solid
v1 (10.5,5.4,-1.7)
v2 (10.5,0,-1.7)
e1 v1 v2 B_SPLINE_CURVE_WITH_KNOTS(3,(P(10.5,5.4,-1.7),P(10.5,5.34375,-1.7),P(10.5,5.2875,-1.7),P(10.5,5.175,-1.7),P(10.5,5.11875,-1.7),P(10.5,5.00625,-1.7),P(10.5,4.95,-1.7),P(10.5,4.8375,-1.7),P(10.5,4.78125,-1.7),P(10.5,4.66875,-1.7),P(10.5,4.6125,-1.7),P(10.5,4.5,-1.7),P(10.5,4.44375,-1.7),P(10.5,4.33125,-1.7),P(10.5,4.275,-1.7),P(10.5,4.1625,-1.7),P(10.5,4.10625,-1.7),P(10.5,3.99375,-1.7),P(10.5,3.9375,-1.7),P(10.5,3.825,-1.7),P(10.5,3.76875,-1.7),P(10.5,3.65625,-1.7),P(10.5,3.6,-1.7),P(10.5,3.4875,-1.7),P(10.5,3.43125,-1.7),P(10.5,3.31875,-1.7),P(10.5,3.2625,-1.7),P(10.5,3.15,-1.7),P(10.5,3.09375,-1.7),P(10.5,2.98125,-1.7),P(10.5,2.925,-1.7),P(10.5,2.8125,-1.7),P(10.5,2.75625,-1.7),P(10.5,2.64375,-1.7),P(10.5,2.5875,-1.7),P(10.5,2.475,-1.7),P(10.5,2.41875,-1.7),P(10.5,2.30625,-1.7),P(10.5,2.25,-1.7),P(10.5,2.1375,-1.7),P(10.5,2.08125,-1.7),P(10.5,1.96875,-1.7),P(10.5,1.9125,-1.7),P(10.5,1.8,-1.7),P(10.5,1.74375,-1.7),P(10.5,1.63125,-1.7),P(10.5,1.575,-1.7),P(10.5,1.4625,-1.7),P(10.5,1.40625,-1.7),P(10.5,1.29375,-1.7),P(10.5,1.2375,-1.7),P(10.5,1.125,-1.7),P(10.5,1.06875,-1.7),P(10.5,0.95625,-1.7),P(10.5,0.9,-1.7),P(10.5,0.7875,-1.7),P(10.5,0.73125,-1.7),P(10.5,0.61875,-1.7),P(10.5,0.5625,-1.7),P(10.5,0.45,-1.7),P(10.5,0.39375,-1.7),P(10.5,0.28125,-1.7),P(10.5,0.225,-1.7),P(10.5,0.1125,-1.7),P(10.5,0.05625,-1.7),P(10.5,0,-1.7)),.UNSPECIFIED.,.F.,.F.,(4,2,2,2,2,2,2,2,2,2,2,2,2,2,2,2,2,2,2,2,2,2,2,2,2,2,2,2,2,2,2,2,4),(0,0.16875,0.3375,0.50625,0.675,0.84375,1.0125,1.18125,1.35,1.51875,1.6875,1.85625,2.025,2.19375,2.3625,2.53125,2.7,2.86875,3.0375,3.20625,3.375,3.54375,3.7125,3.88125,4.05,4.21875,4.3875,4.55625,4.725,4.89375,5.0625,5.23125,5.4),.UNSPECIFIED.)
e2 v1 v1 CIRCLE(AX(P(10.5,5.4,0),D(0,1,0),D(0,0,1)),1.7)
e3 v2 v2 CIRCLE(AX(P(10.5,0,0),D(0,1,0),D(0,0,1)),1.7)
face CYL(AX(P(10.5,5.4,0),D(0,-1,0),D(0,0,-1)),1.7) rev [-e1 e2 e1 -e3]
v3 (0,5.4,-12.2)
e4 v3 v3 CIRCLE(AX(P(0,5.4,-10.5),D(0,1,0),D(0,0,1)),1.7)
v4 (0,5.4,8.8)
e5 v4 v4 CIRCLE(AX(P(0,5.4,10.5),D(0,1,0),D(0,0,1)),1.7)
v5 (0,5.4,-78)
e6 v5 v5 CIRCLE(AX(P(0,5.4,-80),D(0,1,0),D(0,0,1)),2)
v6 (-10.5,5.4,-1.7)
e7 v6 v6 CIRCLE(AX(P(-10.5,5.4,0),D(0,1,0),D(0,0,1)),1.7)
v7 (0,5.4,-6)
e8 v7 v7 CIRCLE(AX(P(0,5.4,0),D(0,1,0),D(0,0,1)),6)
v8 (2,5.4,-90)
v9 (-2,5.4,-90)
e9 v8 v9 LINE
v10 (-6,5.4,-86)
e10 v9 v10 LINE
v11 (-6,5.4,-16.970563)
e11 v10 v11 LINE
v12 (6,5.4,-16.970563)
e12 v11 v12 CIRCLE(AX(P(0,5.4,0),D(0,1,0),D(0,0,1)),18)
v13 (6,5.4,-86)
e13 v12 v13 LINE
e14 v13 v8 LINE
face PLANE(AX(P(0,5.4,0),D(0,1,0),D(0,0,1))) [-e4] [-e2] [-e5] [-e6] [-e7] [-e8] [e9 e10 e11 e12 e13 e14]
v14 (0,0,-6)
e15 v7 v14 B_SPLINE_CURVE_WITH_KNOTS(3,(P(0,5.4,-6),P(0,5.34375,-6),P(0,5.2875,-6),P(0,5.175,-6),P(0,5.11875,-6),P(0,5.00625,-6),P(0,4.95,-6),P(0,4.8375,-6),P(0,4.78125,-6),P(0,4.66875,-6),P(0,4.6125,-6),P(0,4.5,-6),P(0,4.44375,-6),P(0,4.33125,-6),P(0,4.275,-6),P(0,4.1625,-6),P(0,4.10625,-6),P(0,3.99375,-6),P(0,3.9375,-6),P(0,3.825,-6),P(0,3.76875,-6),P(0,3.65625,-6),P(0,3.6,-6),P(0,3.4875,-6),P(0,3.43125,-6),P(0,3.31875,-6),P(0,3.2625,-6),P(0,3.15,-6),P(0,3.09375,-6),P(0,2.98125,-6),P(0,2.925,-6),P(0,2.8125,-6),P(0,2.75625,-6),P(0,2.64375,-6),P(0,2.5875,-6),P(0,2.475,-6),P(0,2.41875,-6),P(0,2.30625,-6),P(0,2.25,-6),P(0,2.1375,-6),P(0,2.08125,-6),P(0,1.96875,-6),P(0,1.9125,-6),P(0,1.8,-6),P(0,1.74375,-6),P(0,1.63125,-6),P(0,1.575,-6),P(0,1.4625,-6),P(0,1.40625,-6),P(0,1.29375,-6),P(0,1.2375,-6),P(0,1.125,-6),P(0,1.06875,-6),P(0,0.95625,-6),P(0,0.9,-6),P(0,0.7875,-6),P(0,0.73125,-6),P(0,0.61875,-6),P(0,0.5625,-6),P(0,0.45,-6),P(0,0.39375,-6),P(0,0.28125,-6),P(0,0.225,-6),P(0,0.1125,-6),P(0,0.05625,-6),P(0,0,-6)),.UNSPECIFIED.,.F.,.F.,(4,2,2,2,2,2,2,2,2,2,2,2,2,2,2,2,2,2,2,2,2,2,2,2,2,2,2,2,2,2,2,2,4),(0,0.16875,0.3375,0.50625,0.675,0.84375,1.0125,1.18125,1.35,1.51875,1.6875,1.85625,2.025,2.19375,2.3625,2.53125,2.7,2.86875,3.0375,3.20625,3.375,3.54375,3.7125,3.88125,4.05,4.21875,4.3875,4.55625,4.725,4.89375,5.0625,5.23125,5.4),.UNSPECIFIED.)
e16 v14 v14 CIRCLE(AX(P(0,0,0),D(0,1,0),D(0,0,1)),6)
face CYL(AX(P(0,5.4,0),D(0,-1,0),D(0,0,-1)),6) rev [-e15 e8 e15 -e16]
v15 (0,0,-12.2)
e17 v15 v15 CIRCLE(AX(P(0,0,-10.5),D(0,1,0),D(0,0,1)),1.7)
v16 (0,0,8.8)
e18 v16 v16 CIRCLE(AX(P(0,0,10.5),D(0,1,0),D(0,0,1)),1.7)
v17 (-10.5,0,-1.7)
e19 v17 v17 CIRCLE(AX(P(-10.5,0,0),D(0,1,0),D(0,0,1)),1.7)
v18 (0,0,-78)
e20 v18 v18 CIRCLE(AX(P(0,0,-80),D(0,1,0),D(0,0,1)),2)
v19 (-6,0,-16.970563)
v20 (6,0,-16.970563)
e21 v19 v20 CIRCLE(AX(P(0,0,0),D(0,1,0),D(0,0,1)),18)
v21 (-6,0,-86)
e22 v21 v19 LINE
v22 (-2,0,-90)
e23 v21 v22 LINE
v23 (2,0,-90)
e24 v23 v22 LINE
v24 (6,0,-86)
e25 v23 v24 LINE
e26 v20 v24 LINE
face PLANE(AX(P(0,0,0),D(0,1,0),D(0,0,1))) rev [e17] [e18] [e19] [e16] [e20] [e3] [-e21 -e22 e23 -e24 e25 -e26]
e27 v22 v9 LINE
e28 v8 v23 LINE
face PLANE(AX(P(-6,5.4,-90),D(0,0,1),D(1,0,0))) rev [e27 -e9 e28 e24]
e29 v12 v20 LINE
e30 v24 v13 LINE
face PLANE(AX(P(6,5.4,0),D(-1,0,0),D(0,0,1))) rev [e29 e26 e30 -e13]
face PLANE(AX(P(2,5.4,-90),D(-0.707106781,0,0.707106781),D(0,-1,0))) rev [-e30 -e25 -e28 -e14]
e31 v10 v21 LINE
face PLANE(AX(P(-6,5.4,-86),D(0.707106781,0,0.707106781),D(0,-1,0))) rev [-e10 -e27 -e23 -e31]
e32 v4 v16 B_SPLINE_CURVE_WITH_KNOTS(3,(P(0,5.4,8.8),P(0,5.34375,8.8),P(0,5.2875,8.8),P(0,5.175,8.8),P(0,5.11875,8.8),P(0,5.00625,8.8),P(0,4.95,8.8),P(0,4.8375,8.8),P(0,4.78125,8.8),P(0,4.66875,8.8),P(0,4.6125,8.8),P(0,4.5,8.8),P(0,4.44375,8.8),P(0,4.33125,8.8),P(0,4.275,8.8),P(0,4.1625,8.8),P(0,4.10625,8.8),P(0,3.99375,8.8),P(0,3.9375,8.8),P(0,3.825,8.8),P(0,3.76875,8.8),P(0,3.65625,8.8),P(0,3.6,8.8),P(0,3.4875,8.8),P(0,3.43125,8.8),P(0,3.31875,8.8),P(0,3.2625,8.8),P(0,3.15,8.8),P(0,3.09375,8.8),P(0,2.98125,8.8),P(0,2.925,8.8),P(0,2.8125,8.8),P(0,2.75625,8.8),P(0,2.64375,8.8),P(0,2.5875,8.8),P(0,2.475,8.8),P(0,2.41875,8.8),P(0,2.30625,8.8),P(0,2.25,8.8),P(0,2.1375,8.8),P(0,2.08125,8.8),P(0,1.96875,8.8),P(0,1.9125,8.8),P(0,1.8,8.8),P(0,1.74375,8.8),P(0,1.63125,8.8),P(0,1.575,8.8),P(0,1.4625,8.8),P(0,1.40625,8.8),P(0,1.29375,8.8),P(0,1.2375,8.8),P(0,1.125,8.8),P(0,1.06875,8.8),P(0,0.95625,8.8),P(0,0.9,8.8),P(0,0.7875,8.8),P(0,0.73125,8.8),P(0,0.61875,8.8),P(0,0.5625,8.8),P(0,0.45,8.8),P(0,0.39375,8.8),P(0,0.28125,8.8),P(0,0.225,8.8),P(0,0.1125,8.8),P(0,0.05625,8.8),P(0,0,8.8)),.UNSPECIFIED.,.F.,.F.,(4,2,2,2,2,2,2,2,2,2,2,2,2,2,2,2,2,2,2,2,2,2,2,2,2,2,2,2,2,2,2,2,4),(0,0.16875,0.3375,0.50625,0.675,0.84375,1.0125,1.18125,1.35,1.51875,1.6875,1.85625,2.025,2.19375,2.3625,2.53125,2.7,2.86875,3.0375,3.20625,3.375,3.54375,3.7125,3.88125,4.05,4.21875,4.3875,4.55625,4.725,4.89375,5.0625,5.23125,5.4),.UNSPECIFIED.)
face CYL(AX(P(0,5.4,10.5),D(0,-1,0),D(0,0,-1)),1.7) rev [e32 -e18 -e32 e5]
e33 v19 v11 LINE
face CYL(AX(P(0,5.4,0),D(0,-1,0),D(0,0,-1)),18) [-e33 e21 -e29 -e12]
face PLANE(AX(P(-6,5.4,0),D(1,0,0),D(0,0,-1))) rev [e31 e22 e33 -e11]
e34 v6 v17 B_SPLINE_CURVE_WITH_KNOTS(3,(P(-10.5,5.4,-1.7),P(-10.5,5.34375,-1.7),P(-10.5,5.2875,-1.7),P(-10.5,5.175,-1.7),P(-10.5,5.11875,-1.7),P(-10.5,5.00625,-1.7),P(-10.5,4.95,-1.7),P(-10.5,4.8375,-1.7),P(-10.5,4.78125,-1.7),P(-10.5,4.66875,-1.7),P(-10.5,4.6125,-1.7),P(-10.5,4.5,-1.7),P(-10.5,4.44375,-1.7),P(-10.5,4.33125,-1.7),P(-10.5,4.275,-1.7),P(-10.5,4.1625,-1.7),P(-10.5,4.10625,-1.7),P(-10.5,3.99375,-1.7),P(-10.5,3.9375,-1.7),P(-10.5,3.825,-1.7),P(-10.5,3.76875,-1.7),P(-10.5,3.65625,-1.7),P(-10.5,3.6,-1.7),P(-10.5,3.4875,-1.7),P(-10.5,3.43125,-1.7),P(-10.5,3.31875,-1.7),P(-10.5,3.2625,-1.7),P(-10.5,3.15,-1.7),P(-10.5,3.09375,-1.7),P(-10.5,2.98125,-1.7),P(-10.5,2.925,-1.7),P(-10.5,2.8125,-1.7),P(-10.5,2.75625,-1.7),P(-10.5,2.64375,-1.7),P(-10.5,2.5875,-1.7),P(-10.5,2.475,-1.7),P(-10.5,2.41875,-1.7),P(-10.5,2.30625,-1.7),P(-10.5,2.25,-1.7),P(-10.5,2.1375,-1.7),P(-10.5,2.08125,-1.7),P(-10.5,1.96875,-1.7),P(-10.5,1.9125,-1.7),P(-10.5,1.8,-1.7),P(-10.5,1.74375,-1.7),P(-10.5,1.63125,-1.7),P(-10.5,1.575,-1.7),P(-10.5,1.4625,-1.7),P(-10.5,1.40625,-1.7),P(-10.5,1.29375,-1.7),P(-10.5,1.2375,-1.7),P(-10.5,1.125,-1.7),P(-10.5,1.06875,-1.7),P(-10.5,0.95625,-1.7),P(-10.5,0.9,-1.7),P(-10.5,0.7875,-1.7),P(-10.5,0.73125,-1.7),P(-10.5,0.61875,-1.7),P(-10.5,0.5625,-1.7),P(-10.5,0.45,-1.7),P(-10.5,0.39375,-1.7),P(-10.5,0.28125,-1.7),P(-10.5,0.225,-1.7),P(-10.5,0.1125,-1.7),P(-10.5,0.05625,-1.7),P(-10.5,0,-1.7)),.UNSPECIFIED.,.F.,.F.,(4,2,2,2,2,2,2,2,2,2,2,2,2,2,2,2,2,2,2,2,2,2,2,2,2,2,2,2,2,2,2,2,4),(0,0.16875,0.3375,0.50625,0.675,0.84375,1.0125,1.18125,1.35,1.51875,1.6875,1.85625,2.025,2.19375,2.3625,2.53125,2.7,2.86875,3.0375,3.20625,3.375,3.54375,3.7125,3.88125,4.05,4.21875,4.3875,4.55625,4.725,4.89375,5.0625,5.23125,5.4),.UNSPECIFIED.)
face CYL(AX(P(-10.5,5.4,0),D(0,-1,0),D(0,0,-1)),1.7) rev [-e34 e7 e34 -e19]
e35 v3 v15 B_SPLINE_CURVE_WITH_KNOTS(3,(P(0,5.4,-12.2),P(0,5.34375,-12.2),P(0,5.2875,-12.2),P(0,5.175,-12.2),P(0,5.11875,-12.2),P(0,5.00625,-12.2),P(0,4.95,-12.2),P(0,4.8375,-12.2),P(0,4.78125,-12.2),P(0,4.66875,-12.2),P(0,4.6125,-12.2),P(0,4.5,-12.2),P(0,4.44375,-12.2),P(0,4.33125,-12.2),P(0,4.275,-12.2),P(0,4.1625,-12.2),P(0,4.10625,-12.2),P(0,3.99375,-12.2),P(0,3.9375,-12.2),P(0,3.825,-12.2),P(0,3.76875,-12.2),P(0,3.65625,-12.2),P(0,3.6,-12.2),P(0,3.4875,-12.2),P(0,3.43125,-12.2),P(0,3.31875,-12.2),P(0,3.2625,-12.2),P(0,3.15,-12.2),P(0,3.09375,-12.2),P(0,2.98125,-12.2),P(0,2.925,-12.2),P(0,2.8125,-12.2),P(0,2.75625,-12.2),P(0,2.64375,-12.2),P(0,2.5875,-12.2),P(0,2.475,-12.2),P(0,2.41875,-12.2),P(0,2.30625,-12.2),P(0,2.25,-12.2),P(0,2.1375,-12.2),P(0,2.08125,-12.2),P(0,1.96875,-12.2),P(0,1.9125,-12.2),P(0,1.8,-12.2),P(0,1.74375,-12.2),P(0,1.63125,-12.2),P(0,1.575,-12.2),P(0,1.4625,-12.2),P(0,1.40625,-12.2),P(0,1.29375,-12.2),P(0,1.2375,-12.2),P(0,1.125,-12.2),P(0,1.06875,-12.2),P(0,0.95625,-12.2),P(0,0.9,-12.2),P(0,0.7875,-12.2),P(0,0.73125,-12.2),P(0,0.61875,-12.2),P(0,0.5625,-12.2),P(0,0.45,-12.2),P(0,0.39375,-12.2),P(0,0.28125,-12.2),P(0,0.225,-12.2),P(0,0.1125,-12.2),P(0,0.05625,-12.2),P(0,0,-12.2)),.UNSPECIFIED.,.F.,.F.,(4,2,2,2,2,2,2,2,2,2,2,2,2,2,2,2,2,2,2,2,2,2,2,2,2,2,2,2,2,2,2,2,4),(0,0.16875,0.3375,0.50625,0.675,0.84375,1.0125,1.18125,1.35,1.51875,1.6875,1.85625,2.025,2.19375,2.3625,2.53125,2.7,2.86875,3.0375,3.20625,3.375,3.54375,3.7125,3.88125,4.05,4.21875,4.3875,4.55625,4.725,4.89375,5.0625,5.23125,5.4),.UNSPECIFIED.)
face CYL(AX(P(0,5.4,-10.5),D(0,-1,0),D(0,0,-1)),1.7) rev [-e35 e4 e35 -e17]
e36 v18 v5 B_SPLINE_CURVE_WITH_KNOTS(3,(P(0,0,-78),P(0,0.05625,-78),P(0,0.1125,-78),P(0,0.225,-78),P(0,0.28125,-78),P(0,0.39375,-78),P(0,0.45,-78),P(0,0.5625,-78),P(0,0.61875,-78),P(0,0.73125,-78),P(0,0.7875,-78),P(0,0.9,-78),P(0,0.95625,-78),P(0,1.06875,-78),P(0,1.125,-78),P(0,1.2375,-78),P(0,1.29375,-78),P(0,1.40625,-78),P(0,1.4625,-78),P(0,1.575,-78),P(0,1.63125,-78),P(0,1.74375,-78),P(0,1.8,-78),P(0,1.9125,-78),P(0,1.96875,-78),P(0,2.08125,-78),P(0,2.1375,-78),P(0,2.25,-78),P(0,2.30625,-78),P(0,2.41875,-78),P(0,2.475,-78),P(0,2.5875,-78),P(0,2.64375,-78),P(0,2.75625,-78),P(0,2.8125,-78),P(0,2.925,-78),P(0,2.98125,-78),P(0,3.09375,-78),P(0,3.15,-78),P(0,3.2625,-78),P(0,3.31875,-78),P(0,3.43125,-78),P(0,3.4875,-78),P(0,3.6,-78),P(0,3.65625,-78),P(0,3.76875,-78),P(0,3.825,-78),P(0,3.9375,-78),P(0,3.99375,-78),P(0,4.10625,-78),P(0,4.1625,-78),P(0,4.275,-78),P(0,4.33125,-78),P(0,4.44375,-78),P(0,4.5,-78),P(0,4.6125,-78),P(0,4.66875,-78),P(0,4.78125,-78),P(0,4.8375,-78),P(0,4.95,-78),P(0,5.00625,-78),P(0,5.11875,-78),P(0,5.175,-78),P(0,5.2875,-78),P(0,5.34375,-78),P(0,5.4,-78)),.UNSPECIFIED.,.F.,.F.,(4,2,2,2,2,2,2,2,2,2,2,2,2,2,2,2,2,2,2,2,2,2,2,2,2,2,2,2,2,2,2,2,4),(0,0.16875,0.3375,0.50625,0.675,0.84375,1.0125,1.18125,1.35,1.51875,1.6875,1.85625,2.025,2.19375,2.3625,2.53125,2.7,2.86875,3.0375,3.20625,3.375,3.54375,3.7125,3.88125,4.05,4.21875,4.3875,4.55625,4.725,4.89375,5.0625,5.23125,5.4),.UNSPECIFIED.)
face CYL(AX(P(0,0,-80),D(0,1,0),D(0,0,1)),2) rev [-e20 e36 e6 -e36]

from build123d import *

# Parameters (mm, degrees)
SKETCH1_R           = 18
BOSS_EXTRUDE2_DEPTH = 5.4
SKETCH2_W           = 12
SKETCH2_H           = 90
BOSS_EXTRUDE3_DEPTH = 5.4
SKETCH3_R           = 1.7
SKETCH3_R_2         = 6
CUT_EXTRUDE1_DEPTH  = 92.941068082
CHAMFER1_SIZE       = 4
SKETCH4_R           = 2
CUT_EXTRUDE2_DEPTH  = 92.941068082


with BuildPart() as part:
    # Sketch1 → Boss-Extrude2 (new body)
    with BuildSketch(Plane(origin=(0, 0, 0), x_dir=(1, 0, 0), z_dir=(0, 1, 0))):
        with Locations(Location((0, 0, 0), (0, 0, 90))):
            Circle(SKETCH1_R)
    extrude(amount=BOSS_EXTRUDE2_DEPTH)

    # Sketch2 → Boss-Extrude3 (add)
    with BuildSketch(Plane(origin=(0, 0, 0), x_dir=(1, 0, 0), z_dir=(0, 1, 0))):
        with Locations((0, 45)):
            Rectangle(SKETCH2_W, SKETCH2_H)
    extrude(amount=BOSS_EXTRUDE3_DEPTH)

    # Sketch3 → Cut-Extrude1 (cut, through all)
    with BuildSketch(Plane(origin=(0, 0, 0), x_dir=(1, 0, 0), z_dir=(0, 1, 0))):
        with Locations(Location((10.5, 0, 0), (0, 0, 90))):
            Circle(SKETCH3_R)
        with Locations(Location((0, 0, 0), (0, 0, 90))):
            Circle(SKETCH3_R_2)
        with Locations(Location((0, -10.5, 0), (0, 0, 90))):
            Circle(SKETCH3_R)
        with Locations(Location((-10.5, 0, 0), (0, 0, 90))):
            Circle(SKETCH3_R)
        with Locations(Location((0, 10.5, 0), (0, 0, 90))):
            Circle(SKETCH3_R)
    extrude(amount=CUT_EXTRUDE1_DEPTH, mode=Mode.SUBTRACT)

    # Chamfer1
    chamfer1_edges = [part.edges().sort_by_distance(p)[0] for p in [
        (-6, 2.7, -90),
        (6, 2.7, -90),
    ]]
    chamfer(chamfer1_edges, length=CHAMFER1_SIZE)

    # Sketch4 → Cut-Extrude2 (cut, through all)
    with BuildSketch(Plane(origin=(0, 5.4, 0), x_dir=(1, 0, 0), z_dir=(0, 1, 0))):
        with Locations(Location((0, 80, 0), (0, 0, 270))):
            Circle(SKETCH4_R)
    extrude(amount=-CUT_EXTRUDE2_DEPTH, mode=Mode.SUBTRACT)


solid = part.part
